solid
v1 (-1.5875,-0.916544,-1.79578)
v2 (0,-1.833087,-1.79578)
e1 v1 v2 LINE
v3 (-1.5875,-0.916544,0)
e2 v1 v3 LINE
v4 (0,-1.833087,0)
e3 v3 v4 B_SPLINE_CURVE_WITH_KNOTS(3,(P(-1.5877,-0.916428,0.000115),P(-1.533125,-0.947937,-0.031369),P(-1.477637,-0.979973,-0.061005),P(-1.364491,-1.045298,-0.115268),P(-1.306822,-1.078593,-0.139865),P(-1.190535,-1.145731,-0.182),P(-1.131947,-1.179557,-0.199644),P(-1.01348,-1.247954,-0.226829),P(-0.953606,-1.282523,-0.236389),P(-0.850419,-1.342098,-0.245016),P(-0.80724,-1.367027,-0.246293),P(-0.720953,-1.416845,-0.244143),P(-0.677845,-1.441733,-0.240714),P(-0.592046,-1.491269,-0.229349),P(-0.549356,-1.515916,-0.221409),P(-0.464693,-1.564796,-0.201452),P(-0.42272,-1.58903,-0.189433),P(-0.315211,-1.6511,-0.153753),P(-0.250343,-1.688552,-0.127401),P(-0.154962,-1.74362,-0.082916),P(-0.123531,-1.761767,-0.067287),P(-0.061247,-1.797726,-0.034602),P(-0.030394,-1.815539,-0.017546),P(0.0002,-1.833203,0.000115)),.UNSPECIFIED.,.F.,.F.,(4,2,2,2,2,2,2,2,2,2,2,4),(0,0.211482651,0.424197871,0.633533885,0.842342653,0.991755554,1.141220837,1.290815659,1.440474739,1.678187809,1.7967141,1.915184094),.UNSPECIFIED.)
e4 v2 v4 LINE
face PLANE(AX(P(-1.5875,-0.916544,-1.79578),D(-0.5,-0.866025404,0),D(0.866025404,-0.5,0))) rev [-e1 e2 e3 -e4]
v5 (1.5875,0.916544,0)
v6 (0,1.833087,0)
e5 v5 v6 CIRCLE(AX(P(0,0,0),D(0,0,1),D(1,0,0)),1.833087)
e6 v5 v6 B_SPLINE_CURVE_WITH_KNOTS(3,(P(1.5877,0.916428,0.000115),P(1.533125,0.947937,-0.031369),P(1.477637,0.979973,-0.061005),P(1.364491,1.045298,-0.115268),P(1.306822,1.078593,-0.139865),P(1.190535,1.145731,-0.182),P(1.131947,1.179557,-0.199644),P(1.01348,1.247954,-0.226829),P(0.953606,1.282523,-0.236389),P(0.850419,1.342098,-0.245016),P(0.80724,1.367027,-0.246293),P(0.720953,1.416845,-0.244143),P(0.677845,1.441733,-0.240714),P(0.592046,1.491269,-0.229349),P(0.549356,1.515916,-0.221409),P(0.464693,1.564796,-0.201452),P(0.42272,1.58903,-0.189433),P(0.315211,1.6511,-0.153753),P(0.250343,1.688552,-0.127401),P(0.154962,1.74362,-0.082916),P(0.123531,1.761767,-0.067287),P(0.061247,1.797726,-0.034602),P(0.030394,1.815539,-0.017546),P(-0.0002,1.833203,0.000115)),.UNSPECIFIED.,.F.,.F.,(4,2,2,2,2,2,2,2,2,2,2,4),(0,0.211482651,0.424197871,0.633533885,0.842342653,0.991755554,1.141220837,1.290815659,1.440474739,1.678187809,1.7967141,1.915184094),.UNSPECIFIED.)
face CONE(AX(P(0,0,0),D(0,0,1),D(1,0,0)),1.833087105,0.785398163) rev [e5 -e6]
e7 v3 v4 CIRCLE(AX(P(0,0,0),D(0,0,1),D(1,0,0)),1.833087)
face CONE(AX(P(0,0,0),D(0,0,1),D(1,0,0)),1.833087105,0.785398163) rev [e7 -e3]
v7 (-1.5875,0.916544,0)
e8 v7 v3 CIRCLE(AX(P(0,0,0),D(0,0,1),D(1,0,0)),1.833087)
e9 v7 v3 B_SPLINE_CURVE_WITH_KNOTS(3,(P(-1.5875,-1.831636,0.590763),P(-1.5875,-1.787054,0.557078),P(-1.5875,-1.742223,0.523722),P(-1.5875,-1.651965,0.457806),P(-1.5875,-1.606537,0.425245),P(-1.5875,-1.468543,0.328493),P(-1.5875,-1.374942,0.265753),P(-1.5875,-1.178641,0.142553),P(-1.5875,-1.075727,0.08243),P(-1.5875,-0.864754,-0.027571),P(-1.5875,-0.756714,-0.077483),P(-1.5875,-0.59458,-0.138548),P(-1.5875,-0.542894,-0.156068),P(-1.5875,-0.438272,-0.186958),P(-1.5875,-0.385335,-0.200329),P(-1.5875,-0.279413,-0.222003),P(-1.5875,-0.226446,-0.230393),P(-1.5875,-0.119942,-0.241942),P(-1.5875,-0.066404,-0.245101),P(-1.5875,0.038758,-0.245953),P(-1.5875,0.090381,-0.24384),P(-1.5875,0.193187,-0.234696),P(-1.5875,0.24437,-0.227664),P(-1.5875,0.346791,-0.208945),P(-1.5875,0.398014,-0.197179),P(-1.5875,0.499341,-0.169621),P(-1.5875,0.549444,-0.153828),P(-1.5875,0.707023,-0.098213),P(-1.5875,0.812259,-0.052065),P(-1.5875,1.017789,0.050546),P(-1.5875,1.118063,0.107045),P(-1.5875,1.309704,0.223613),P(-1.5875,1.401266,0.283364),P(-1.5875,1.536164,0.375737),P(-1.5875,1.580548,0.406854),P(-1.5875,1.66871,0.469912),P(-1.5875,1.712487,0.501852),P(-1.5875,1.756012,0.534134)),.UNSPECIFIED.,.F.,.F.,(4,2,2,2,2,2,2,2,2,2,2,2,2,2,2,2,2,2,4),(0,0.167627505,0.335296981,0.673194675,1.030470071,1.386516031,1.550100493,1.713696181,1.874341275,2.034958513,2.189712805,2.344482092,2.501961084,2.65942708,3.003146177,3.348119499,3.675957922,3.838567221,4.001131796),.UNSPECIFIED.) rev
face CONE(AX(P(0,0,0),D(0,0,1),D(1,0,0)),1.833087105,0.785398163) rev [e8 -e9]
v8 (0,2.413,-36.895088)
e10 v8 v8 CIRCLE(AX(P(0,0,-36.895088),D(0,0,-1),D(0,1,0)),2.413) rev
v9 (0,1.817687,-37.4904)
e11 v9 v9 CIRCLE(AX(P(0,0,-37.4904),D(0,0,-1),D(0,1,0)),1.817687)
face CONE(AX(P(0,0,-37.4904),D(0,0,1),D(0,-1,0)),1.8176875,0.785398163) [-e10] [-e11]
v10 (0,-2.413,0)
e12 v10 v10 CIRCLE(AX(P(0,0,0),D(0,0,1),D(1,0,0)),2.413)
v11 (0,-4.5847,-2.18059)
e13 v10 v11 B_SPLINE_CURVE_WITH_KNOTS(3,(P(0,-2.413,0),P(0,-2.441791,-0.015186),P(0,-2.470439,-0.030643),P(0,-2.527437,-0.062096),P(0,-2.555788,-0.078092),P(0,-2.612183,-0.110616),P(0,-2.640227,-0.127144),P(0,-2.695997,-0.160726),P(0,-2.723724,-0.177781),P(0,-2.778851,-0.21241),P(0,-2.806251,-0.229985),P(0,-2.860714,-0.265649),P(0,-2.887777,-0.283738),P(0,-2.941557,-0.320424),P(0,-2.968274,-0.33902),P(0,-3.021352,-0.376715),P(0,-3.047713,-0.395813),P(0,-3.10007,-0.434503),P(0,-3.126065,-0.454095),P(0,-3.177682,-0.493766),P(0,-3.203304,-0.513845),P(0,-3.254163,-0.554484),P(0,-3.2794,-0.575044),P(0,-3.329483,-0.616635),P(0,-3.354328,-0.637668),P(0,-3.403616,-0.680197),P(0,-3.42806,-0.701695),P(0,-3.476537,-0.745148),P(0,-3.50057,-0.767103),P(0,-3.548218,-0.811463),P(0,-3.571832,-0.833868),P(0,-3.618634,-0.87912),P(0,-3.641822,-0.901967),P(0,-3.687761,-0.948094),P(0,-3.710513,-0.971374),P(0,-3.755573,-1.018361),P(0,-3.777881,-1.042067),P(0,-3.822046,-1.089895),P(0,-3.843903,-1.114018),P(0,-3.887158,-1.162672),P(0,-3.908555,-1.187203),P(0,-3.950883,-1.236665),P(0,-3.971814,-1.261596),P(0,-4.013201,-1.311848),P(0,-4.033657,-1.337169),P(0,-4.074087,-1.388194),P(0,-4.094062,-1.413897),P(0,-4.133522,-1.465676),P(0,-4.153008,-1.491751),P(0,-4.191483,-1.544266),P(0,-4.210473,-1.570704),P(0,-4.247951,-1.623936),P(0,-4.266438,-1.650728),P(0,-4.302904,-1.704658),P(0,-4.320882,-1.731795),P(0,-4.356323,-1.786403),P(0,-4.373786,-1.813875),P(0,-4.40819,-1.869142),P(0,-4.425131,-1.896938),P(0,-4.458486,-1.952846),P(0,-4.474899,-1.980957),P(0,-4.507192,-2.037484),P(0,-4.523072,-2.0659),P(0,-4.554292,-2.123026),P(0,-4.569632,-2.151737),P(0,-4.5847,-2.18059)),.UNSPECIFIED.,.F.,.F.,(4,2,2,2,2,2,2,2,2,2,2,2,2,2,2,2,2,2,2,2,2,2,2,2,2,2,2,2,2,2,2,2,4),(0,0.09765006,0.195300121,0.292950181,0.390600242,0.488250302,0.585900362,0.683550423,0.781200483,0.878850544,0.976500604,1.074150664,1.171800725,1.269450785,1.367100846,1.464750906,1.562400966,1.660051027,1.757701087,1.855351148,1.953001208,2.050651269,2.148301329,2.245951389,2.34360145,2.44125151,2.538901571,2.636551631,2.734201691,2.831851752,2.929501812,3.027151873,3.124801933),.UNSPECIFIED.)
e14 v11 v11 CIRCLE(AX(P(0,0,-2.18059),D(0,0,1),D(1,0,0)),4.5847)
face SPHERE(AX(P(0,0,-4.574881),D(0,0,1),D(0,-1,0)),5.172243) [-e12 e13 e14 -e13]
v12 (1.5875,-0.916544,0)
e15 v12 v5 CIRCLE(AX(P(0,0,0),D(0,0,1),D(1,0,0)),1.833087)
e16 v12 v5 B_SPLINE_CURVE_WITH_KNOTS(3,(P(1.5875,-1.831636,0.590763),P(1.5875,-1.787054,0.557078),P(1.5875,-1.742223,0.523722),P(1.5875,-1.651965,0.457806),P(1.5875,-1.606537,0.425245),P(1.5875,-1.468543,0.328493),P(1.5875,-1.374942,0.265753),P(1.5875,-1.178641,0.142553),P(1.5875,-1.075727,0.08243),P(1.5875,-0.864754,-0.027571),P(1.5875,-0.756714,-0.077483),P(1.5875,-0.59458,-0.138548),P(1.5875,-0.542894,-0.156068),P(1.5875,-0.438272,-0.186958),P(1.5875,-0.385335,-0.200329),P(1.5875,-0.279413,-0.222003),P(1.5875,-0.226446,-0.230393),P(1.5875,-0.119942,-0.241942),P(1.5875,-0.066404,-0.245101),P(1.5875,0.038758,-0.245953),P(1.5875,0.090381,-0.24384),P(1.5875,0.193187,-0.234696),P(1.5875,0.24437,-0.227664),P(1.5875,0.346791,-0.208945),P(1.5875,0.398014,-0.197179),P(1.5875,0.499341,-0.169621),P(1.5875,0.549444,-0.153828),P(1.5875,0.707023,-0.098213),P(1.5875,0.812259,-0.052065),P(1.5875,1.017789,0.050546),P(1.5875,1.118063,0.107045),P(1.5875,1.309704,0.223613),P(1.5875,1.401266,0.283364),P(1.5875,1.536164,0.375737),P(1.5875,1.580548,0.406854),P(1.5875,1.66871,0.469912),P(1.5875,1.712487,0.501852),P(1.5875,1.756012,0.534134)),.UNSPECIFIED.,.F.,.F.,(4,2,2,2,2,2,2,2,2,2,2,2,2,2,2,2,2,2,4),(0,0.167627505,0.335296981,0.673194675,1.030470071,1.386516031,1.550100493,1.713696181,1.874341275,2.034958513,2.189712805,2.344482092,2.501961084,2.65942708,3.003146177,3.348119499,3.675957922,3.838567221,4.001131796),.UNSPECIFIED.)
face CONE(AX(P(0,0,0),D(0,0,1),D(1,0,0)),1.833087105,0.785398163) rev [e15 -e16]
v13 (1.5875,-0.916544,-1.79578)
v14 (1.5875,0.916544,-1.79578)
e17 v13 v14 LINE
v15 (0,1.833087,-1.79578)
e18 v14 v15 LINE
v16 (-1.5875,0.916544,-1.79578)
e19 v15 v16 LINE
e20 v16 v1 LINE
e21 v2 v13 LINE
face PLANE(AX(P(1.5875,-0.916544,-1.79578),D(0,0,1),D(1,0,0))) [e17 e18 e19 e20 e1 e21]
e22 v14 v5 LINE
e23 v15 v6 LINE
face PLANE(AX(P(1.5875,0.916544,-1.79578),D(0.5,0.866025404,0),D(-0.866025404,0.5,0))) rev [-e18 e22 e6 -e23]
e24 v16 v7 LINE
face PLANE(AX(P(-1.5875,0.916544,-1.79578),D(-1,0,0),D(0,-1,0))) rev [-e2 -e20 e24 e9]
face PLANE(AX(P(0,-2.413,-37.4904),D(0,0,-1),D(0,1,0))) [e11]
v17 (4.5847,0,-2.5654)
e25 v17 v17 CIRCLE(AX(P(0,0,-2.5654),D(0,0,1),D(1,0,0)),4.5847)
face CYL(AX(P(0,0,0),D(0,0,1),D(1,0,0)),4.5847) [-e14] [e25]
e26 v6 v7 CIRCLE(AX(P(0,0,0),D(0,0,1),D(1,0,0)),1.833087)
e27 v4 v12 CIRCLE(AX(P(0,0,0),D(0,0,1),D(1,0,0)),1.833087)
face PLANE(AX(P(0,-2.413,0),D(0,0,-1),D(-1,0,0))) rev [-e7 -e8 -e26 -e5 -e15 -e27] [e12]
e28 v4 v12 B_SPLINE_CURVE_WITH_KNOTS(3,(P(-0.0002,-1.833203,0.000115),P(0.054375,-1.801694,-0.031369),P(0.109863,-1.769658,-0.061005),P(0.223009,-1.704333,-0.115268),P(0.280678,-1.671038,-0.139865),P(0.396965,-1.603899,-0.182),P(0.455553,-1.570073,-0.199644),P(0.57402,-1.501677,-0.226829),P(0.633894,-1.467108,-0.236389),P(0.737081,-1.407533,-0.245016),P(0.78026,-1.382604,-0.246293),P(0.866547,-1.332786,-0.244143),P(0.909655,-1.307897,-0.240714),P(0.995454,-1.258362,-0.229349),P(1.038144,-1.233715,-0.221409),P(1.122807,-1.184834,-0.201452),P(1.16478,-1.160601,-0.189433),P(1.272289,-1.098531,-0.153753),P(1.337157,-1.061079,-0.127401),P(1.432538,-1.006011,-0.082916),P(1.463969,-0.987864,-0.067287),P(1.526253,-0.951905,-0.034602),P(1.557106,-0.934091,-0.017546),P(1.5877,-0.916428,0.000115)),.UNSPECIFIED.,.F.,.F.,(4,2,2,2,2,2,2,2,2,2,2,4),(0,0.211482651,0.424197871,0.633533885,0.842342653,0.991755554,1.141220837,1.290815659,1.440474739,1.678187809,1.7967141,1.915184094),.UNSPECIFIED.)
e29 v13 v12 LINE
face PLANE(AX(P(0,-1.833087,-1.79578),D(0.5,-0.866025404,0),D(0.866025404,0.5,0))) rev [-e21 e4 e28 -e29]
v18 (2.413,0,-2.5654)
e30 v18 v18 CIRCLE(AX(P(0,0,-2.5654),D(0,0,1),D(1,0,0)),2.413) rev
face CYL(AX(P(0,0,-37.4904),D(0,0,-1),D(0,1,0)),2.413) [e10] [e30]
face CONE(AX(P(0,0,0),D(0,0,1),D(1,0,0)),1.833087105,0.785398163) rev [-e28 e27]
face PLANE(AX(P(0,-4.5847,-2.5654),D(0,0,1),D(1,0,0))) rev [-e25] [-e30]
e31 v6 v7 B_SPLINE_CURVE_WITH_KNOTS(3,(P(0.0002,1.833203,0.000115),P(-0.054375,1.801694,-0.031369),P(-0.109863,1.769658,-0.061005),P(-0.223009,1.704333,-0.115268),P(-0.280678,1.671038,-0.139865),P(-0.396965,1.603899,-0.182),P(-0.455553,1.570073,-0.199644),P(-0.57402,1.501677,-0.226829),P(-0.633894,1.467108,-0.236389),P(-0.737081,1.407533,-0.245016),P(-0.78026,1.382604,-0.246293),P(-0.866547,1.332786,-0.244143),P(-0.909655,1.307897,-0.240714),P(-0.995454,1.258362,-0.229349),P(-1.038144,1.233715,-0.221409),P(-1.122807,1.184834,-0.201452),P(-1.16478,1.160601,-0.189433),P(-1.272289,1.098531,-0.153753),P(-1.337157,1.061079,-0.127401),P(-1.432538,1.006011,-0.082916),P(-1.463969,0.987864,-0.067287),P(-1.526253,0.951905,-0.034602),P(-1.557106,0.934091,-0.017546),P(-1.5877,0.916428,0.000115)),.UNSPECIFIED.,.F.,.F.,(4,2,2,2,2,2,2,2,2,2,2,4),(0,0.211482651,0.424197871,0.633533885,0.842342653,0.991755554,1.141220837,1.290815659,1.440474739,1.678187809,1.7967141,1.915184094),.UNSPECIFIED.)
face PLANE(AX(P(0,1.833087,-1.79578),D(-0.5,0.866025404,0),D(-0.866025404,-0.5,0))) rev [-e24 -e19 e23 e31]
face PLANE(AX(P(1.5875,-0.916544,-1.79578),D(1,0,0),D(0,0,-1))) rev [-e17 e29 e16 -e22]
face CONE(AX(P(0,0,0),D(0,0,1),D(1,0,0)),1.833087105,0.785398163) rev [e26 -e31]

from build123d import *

# Parameters (mm, degrees)
SKETCH1_W          = 34.925
SKETCH1_H          = 2.413
CHAMFER1_SIZE      = 0.5953125
CUT_EXTRUDE2_DEPTH = 1.79578
SKETCH6_R          = 1.833087105
CUT_EXTRUDE3_DEPTH = 1.79578
CUT_EXTRUDE3_TAPER = 45


with BuildPart() as part:
    # Sketch1 → Revolve1 (revolve)
    with BuildSketch(Plane(origin=(0, 0, 0), x_dir=(0, 0, -1), z_dir=(1, 0, 0))):
        with Locations((20.0279, 1.2065)):
            Rectangle(SKETCH1_W, SKETCH1_H)
    revolve(axis=Axis((0, 0, -37.4904), (0, 0, 1)))

    # Chamfer1
    chamfer1_edges = [part.edges().sort_by_distance(p)[0] for p in [
        (0, -2.413, -37.4904),
    ]]
    chamfer(chamfer1_edges, length=CHAMFER1_SIZE)

    # Sketch7 → Revolve2 (revolve)
    with BuildSketch(Plane(origin=(0, 0, 0), x_dir=(0, 0, -1), z_dir=(1, 0, 0))):
        with BuildLine():
            Line((2.18059, 4.5847), (2.5654, 4.5847))
            Line((2.5654, 4.5847), (2.5654, 0))
            Line((2.5654, 0), (0, 0))
            Line((0, 0), (0, 2.413))
            ThreePointArc((0, 2.413), (0.925030326, 3.664791196), (2.18059, 4.5847))
        make_face()
    revolve(axis=Axis((0, 0, 0), (0, 0, -1)))

    # Sketch5 → Cut-Extrude2 (cut)
    with BuildSketch(Plane.XY):
        Polygon((1.5875, -0.916543552), (1.5875, 0.916543552), (0, 1.833087105), (-1.5875, 0.916543552), (-1.5875, -0.916543552), (0, -1.833087105), align=None)
    extrude(amount=-CUT_EXTRUDE2_DEPTH, mode=Mode.SUBTRACT)

    # Sketch6 → Cut-Extrude3 (cut)
    with BuildSketch(Plane.XY):
        Circle(SKETCH6_R)
    extrude(amount=-CUT_EXTRUDE3_DEPTH, taper=CUT_EXTRUDE3_TAPER, mode=Mode.SUBTRACT)


solid = part.part
